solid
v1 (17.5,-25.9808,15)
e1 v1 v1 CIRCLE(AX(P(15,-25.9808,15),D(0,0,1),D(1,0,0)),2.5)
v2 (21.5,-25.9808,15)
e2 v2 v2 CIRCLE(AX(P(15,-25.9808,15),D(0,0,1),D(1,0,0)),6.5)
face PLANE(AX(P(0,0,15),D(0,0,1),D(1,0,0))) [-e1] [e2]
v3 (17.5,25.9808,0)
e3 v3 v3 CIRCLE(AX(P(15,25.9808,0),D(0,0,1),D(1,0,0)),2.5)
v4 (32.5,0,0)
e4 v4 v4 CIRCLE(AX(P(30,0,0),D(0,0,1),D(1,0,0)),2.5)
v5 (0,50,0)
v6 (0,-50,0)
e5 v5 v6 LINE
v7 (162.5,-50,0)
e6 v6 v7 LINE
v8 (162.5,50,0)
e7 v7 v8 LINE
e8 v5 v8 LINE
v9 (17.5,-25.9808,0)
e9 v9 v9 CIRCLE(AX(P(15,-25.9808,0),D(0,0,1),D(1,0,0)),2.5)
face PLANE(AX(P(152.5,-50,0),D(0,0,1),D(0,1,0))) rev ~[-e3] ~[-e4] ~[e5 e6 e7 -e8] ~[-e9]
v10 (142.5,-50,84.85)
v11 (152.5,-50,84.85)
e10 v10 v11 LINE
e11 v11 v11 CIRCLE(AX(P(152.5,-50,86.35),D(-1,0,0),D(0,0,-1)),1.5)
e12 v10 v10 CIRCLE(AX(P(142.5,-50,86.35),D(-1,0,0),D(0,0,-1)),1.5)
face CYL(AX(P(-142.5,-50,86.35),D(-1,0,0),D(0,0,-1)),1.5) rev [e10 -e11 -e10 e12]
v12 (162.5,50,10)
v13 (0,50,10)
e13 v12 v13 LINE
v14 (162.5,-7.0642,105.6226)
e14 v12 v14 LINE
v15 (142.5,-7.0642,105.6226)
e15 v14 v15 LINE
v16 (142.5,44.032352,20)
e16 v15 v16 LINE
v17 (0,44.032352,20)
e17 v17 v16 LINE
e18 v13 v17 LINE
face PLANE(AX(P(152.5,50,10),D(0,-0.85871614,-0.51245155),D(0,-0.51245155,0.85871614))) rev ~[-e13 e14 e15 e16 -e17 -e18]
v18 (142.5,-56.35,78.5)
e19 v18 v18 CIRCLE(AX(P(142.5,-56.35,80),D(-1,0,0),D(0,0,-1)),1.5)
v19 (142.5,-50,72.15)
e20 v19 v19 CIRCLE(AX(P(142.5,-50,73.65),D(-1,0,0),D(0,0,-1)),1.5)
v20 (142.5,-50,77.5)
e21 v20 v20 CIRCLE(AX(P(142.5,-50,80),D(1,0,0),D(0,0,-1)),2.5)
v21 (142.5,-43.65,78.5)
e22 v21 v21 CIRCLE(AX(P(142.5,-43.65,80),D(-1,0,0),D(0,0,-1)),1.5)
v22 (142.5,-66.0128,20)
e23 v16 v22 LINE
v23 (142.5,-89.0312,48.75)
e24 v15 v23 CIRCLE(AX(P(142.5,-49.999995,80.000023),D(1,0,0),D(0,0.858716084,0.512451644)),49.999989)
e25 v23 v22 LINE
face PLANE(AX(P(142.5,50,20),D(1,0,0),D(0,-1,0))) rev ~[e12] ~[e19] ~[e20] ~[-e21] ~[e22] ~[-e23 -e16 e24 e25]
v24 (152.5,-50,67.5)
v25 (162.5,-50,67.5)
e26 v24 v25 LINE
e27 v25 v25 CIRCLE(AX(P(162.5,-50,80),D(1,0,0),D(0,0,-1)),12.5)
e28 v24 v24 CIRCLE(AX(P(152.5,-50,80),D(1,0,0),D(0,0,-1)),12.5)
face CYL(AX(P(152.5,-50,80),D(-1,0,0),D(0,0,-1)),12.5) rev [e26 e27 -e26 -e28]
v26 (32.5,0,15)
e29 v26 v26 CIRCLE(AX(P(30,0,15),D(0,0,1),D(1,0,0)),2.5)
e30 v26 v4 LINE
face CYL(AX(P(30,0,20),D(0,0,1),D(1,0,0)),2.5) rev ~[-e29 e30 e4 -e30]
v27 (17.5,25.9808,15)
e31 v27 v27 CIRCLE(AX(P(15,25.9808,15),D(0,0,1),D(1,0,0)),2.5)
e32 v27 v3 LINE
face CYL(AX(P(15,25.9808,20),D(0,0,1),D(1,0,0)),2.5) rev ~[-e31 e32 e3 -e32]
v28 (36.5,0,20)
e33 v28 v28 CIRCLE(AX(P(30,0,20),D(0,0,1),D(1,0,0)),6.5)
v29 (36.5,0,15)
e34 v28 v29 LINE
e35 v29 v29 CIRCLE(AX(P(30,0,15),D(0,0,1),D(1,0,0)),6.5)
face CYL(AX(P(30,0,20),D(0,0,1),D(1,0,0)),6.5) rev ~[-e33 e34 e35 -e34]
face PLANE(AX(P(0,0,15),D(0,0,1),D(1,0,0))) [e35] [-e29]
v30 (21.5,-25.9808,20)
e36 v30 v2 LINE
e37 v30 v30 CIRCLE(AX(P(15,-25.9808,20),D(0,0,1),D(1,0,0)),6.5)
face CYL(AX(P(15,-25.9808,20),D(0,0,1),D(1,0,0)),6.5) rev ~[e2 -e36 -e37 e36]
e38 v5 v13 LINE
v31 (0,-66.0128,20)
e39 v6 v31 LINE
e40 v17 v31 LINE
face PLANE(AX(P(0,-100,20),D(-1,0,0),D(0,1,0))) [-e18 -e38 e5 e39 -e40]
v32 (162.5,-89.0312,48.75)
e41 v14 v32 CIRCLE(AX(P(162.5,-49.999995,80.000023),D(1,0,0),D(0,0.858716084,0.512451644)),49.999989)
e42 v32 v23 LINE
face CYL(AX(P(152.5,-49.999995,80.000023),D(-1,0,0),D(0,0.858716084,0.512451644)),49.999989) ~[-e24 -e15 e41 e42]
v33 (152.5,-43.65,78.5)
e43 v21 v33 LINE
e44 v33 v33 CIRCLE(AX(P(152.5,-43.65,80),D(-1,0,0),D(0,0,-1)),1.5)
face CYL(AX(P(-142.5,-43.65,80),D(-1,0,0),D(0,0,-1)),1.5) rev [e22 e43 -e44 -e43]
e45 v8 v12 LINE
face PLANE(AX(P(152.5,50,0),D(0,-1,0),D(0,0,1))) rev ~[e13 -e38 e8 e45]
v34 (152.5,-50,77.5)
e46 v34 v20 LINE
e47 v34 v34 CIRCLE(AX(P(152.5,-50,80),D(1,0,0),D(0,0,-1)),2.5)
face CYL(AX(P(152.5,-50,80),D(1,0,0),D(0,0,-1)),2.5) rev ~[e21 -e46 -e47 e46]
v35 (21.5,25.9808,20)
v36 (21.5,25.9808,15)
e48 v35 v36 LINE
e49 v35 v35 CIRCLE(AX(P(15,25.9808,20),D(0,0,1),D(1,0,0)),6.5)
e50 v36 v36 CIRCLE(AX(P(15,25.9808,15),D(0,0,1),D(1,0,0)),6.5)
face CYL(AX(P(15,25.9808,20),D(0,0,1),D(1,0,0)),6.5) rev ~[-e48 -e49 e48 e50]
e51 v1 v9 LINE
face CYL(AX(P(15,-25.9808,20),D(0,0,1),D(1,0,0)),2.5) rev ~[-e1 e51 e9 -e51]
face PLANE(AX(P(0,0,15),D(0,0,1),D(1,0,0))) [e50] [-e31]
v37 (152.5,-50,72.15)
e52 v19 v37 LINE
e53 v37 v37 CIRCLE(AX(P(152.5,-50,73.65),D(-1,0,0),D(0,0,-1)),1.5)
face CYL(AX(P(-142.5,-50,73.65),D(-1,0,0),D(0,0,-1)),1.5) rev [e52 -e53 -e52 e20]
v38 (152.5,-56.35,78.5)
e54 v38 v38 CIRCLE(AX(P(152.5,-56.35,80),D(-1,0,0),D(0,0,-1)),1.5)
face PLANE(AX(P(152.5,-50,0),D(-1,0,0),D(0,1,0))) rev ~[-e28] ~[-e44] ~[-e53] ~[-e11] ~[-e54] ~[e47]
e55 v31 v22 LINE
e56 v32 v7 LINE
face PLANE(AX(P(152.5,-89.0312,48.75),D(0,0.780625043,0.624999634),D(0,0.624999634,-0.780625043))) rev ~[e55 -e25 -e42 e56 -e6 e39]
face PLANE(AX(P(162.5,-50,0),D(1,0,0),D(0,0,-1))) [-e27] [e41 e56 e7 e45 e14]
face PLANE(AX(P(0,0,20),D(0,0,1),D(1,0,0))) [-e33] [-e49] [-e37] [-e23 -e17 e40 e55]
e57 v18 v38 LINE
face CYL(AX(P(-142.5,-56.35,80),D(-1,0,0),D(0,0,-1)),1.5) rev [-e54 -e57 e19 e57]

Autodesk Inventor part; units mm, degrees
ref_plane "YZ Plane" through (0, 0, 0) normal (1, 0, 0) x (0, 1, 0)
ref_plane "XZ Plane" through (0, 0, 0) normal (0, 1, 0) x (-1, 0, 0)
sketch "Sketch1" plane through (0, 0, 0) normal (0, 0, 1) x (1, 0, 0)
  line L0 (-152.5, -50) -> (152.5, -50)
  line L1 (152.5, -50) -> (152.5, 50)
  line L2 (152.5, 50) -> (-152.5, 50)
  line L3 (-152.5, 50) -> (-152.5, -50)
  line L4 (-152.5, -50) -> (152.5, 50) construction
  line L5 (152.5, -50) -> (-152.5, 50) construction
  point P0 (0, 0)
  dimension "d0" = 305
  dimension "d1" = 100
extrude "Extrusion1" add sketch "Sketch1" along normal blind 10
sketch "Sketch4" plane through (152.5, -50, 0) normal (1, 0, 0) x (0, 0, -1)
  circle A0 centre (-80, 0) radius 50 construction
  line L0 (0, 0) -> (-10, 0)
  line L1 (0, 0) -> (-48.75, -39.0312)
  line L2 (-10, 0) -> (-10, 100)
  line L3 (-10, 100) -> (-105.6226, 42.9358)
  arc A1 (-105.6226, 42.9358) -> (-48.75, -39.0312) centre (-80, 0) ccw
  line L4 (0, 0) -> (-10, 0)
  line L5 (-10, 100) -> (-10, 0)
  dimension "d8" = 100
  dimension "d20" = 80
extrude "Extrusion3" add sketch "Sketch4" against normal blind 305
ref_plane "Work Plane1" through (0, 0, 20) normal (0, 0, 1) x (1, 0, 0)
sketch "Sketch5" plane through (0, 0, 20) normal (0, 0, 1) x (1, 0, 0)
  line L0 (152.5, 50) -> (-152.5, 50) projected
  line L1 (152.5, -100) -> (-152.5, -100) projected
  line L2 (-142.5, 50) -> (142.5, 50)
  line L3 (142.5, 50) -> (142.5, -100)
  line L4 (142.5, -100) -> (-142.5, -100)
  line L5 (-142.5, -100) -> (-142.5, 50)
  line L6 (-152.5, 50) -> (-152.5, -50) projected
  line L7 (152.5, -50) -> (152.5, 50) projected
  point P0 (0, 0)
  dimension "d16" = 10
  dimension "d17" = 10
extrude "Extrusion4" cut sketch "Sketch5" along normal through all
sketch "Sketch9" plane through (152.5, -50, 0) normal (1, 0, 0) x (0, 0, -1)
  arc A0 (-105.6226, 42.9358) -> (-48.75, -39.0312) centre (-80, 0) ccw projected
  circle A1 centre (-80, 0) radius 2.5
  point P0 (0, 50)
  dimension "d28" = 5
extrude "Extrusion8" cut sketch "Sketch9" against normal through all
sketch "Sketch11" plane through (0, 0, 20) normal (0, 0, 1) x (1, 0, 0)
  circle A0 centre (30, 0) radius 2.5
  circle A1 centre (15, 25.9808) radius 2.5
  circle A2 centre (-15, 25.9808) radius 2.5
  circle A3 centre (-30, 0) radius 2.5
  circle A4 centre (-15, -25.9808) radius 2.5
  circle A5 centre (15, -25.9808) radius 2.5
  circle A6 centre (0, 0) radius 15
  dimension "d33" = 5
  dimension "d34" = 30
  dimension "d37" = 360
  dimension "d41" = 30
extrude "Extrusion10" cut sketch "Sketch11" against normal through all contours A0 | A1 | A2 | A3 | A4 | A5
sketch "Sketch14" plane through (-142.5, -66.0128, 20) normal (1, 0, 0) x (0, 0, -1)
  circle A0 centre (-60, 16.0128) radius 2.5 projected
  circle A1 centre (-60, 22.3628) radius 1.5
  circle A2 centre (-66.35, 16.0128) radius 1.5
  circle A3 centre (-60, 9.6628) radius 1.5
  circle A4 centre (-53.65, 16.0128) radius 1.5
  point P0 (20, 66.0128)
  dimension "d49" = 3
  dimension "d50" = 6.35
  dimension "d53" = 360
extrude "Extrusion12" cut sketch "Sketch14" along normal through all both and the other way through all contours A1 | A2 | A3 | A4
sketch "Sketch15" plane through (0, 0, 20) normal (0, 0, 1) x (1, 0, 0)
  line L0 (152.5, 50) -> (-152.5, 50) projected
  line L1 (-152.5, -7.0642) -> (-152.5, -100) projected
  line L2 (0, 50) -> (-152.5, 50)
  line L3 (-152.5, 50) -> (-152.5, -100)
  line L4 (-152.5, -100) -> (0, -100)
  line L5 (0, -100) -> (0, 50)
  point P0 (0, 0)
  point P1 (-152.5, -89.0312)
extrude "Extrusion13" cut sketch "Sketch15" along normal through all both and the other way through all
sketch "Sketch16" plane through (152.5, -50, 0) normal (1, 0, 0) x (0, 0, -1)
  circle A0 centre (-80, 0) radius 2.5 projected
  circle A1 centre (-80, 0) radius 12.5
  circle A2 centre (-80, -6.35) radius 1.5 construction
  circle A3 centre (-80, 6.35) radius 1.5 construction
  circle A4 centre (-86.35, 0) radius 1.5 construction
  circle A5 centre (-73.65, 0) radius 1.5 construction
  circle A6 centre (-80, 0) radius 2.5 projected
  line L0 (0, 0) -> (0, 100) projected
  line L1 (0, 100) -> (-10, 100) projected
  line L2 (-10, 100) -> (-105.6226, 42.9358) projected
  arc A7 (-105.6226, 42.9358) -> (-48.75, -39.0312) centre (-80, 0) ccw projected
  line L3 (-48.75, -39.0312) -> (0, 0) projected
  point P0 (0, 50)
  dimension "d59" = 25
extrude "Extrusion14" add sketch "Sketch16" along normal blind 10 contours L3 A7 L2 L1 L0
sketch "Sketch17" plane through (0, 0, 20) normal (0, 0, 1) x (1, 0, 0)
  circle A0 centre (30, 0) radius 2.5 projected
  circle A1 centre (30, 0) radius 6.5
  circle A2 centre (15, 25.9808) radius 6.5
  circle A3 centre (-15, 25.9808) radius 6.5
  circle A4 centre (-30, 0) radius 6.5
  circle A5 centre (-15, -25.9808) radius 6.5
  circle A6 centre (15, -25.9808) radius 6.5
  point P0 (0, 0)
  dimension "d62" = 13
  dimension "d65" = 360
extrude "Extrusion15" cut sketch "Sketch17" against normal blind 5 contours A0 | A1 | A2 | A3 | A4 | A5 | A6
properties part number "HA004"
